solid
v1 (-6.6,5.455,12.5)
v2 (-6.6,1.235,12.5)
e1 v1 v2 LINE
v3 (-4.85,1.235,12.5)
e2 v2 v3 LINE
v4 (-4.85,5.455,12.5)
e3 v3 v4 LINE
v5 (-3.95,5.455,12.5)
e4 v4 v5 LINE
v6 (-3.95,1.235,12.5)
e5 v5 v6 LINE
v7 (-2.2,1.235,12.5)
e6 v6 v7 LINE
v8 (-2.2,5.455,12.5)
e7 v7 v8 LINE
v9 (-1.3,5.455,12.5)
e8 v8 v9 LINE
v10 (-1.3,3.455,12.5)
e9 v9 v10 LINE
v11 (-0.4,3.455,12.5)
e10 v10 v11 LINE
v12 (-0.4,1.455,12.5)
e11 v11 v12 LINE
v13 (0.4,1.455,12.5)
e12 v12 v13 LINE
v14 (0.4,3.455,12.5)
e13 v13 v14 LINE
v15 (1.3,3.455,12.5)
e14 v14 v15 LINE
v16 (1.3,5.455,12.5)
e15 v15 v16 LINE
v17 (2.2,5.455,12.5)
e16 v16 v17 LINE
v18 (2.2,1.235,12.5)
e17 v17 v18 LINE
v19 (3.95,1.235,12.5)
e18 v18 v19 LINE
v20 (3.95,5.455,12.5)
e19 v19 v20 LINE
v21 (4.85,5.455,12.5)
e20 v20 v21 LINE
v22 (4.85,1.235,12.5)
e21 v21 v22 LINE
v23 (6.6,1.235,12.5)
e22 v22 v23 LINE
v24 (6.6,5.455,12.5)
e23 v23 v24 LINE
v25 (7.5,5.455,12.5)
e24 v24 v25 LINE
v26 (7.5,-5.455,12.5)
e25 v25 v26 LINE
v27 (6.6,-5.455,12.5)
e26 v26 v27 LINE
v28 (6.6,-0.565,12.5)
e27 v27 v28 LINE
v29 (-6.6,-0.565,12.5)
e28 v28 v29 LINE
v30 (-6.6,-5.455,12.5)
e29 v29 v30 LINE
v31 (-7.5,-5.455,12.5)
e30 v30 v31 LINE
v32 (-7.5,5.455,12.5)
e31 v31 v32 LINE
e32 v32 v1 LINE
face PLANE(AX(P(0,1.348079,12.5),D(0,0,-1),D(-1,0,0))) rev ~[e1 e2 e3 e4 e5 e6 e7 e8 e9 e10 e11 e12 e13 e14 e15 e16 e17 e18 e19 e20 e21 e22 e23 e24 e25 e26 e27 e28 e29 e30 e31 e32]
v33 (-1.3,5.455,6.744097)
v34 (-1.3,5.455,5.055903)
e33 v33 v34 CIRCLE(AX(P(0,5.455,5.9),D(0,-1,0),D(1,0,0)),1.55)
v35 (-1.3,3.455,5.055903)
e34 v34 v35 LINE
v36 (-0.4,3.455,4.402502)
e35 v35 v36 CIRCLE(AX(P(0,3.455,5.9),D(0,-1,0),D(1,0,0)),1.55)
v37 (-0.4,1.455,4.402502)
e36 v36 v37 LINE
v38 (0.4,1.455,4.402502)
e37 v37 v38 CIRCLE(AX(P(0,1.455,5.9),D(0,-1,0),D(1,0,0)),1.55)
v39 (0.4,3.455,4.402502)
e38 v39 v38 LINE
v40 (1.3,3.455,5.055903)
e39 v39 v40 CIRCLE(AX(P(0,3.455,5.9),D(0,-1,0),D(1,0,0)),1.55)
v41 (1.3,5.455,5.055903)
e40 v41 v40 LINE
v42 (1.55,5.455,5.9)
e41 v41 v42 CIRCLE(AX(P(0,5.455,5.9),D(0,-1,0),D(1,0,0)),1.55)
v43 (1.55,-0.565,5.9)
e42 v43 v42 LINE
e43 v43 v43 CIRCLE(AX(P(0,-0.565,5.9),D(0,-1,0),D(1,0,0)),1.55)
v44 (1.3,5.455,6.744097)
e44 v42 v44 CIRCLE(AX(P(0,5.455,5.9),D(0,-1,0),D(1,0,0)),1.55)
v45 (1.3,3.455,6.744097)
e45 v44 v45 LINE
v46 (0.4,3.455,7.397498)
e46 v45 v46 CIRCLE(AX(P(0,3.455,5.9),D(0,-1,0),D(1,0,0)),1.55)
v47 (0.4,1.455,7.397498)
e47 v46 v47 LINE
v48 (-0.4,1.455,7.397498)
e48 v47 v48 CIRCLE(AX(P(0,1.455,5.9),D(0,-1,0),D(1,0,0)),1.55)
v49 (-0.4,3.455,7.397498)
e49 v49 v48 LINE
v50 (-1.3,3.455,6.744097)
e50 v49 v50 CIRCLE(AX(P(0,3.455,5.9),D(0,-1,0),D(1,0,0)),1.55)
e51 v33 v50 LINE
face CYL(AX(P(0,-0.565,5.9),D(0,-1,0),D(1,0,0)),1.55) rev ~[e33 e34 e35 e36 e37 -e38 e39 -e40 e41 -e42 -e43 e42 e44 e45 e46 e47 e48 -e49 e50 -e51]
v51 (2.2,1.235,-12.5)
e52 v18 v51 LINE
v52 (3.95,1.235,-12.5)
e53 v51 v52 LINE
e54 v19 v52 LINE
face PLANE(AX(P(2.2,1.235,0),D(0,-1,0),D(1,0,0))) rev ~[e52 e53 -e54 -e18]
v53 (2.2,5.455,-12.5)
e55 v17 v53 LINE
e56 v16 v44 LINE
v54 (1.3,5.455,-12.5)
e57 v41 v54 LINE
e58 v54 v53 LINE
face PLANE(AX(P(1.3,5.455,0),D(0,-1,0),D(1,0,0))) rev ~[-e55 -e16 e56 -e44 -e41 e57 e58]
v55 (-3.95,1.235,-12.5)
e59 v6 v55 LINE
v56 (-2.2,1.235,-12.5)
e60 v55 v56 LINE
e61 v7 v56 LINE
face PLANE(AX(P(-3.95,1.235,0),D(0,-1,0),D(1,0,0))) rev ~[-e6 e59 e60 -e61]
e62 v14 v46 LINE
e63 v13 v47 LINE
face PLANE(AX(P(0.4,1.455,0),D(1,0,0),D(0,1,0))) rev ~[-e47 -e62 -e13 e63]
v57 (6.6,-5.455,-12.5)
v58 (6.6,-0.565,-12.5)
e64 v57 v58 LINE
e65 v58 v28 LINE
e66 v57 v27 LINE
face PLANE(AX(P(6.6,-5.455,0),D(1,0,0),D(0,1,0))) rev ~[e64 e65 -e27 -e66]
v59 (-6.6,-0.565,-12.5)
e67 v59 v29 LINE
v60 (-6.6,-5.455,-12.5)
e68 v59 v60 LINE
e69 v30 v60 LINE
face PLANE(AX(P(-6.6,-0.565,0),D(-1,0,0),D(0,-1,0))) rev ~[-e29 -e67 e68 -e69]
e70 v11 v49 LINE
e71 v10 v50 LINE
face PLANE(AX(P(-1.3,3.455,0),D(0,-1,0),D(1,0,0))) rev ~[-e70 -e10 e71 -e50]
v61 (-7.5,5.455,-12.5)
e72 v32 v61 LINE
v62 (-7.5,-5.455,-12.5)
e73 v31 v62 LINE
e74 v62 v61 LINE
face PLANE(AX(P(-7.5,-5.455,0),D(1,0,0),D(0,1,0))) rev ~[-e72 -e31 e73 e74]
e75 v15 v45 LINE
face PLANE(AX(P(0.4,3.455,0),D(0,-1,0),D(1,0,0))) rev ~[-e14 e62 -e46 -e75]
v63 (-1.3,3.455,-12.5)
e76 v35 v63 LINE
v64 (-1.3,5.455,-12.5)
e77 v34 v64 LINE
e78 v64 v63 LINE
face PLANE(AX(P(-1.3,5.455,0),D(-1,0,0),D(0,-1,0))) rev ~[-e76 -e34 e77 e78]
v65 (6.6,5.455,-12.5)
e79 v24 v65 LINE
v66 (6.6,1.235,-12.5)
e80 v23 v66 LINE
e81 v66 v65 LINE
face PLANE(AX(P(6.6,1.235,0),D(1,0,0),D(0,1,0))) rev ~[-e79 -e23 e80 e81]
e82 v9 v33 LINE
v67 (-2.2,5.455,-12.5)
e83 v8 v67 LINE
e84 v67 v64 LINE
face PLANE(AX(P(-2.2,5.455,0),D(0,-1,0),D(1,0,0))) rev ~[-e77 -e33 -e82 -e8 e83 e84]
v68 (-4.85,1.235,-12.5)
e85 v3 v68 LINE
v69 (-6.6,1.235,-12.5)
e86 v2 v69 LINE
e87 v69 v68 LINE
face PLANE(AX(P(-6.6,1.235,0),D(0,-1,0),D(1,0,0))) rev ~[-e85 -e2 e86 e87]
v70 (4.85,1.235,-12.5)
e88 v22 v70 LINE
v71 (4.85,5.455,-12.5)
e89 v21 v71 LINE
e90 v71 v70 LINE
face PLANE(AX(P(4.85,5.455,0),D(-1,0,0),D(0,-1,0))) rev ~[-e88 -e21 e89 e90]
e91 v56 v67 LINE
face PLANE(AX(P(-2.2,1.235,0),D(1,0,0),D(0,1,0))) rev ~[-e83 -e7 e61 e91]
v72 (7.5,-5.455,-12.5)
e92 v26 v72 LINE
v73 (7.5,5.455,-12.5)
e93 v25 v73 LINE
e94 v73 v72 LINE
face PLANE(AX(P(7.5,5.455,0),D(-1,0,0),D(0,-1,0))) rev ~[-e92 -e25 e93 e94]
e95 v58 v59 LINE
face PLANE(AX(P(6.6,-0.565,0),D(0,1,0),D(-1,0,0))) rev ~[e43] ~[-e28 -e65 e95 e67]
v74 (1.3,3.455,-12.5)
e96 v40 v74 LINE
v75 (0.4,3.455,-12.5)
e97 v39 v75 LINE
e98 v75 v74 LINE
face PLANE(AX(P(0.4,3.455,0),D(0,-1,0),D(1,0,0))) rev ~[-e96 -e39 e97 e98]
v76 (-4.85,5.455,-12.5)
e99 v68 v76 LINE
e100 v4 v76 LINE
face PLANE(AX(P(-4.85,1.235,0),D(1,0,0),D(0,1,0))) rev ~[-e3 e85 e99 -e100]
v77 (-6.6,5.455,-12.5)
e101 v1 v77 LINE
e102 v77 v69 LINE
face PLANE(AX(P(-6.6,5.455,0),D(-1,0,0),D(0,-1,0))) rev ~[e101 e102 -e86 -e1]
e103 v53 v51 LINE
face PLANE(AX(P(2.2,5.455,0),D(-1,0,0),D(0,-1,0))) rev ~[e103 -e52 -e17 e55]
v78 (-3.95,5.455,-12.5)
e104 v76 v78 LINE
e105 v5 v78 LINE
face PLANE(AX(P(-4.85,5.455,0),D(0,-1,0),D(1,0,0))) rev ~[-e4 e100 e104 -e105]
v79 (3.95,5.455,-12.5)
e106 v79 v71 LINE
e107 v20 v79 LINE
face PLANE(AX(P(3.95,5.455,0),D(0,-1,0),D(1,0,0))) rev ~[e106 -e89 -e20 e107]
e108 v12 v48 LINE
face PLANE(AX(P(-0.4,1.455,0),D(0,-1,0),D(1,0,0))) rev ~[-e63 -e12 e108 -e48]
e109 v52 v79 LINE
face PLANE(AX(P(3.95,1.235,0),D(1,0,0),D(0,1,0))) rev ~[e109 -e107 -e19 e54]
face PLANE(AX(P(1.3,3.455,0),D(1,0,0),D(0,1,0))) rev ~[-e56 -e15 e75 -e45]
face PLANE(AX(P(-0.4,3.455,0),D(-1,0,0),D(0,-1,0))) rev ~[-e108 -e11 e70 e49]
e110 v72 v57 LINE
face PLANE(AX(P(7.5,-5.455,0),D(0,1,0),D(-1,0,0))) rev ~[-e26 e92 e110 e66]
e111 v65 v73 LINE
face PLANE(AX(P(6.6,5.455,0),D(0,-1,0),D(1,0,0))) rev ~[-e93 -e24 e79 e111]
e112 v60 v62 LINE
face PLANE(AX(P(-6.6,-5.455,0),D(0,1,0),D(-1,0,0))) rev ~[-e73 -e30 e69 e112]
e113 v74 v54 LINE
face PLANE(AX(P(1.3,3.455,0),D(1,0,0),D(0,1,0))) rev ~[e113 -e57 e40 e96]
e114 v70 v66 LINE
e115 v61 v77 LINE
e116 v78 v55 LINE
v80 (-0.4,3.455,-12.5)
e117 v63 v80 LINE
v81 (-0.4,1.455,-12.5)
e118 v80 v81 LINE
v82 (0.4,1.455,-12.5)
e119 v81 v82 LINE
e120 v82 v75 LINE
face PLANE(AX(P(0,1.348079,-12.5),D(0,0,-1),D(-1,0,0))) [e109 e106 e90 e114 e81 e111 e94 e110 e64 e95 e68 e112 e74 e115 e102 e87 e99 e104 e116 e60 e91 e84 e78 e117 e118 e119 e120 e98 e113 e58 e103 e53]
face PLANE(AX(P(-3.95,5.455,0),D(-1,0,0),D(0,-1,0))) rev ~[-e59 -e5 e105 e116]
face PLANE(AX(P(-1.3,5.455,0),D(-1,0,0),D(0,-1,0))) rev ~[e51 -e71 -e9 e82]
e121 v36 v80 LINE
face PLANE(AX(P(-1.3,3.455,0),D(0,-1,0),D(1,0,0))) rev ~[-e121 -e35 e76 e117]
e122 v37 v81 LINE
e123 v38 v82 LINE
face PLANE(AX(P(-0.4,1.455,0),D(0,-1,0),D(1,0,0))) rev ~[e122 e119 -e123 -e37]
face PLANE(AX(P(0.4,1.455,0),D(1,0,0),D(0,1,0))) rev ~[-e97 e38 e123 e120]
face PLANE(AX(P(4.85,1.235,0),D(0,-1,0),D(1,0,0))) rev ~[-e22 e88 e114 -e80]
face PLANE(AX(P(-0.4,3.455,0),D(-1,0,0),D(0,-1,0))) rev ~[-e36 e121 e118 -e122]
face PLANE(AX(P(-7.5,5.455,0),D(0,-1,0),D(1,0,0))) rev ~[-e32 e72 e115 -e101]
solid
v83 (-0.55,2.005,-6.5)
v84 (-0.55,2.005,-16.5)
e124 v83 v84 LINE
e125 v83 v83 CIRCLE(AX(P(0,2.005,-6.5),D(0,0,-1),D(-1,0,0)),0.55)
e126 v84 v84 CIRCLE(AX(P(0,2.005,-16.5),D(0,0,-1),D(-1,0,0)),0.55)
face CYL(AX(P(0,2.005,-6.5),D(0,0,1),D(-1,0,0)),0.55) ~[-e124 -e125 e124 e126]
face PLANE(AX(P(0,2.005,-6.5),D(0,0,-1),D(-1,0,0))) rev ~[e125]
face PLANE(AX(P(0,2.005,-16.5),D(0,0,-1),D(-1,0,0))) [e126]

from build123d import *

# Parameters (mm, degrees)
BOSS_EXTRUDE1_DEPTH      = 12.5
SKETCH3_R                = 1.55
CUT_EXTRUDE1_DEPTH       = 25
BOSS_EXTRUDE4_DEPTH      = 4
BOSS_EXTRUDE4_DEPTH_BACK = 6
SKETCH4_R                = 0.55


with BuildPart() as part:
    # Sketch2 → Boss-Extrude1 (new, symmetric)
    with BuildSketch(Plane.XY):
        Polygon((-6.6, -0.565), (-6.6, -5.455), (-7.5, -5.455), (-7.5, 5.455), (-6.6, 5.455), (-6.6, 1.235), (-4.85, 1.235), (-4.85, 5.455), (-3.95, 5.455), (-3.95, 1.235), (-2.2, 1.235), (-2.2, 5.455), (-1.3, 5.455), (-1.3, 3.455), (-0.4, 3.455), (-0.4, 1.455), (0.4, 1.455), (0.4, 3.455), (1.3, 3.455), (1.3, 5.455), (2.2, 5.455), (2.2, 1.235), (3.95, 1.235), (3.95, 5.455), (4.85, 5.455), (4.85, 1.235), (6.6, 1.235), (6.6, 5.455), (7.5, 5.455), (7.5, -5.455), (6.6, -5.455), (6.6, -0.565), align=None)
    extrude(amount=BOSS_EXTRUDE1_DEPTH, both=True)

    # Sketch3 → Cut-Extrude1 (cut)
    with BuildSketch(Plane.XZ.offset(0.565)):
        with Locations((0, 5.9)):
            Circle(SKETCH3_R)
    extrude(amount=-CUT_EXTRUDE1_DEPTH, mode=Mode.SUBTRACT)


with BuildPart() as body_2:
    # Sketch4 → Boss-Extrude4 (new, two sides: drawn at the far end of the back side and taken through both)
    with BuildSketch(Plane(origin=(0, 0, -12.5), x_dir=(-1, 0, 0), z_dir=(0, 0, -1)).offset(-BOSS_EXTRUDE4_DEPTH_BACK)):
        with Locations((0, 2.005)):
            Circle(SKETCH4_R)
    extrude(amount=BOSS_EXTRUDE4_DEPTH + BOSS_EXTRUDE4_DEPTH_BACK)


solid = Compound([part.part, body_2.part])
